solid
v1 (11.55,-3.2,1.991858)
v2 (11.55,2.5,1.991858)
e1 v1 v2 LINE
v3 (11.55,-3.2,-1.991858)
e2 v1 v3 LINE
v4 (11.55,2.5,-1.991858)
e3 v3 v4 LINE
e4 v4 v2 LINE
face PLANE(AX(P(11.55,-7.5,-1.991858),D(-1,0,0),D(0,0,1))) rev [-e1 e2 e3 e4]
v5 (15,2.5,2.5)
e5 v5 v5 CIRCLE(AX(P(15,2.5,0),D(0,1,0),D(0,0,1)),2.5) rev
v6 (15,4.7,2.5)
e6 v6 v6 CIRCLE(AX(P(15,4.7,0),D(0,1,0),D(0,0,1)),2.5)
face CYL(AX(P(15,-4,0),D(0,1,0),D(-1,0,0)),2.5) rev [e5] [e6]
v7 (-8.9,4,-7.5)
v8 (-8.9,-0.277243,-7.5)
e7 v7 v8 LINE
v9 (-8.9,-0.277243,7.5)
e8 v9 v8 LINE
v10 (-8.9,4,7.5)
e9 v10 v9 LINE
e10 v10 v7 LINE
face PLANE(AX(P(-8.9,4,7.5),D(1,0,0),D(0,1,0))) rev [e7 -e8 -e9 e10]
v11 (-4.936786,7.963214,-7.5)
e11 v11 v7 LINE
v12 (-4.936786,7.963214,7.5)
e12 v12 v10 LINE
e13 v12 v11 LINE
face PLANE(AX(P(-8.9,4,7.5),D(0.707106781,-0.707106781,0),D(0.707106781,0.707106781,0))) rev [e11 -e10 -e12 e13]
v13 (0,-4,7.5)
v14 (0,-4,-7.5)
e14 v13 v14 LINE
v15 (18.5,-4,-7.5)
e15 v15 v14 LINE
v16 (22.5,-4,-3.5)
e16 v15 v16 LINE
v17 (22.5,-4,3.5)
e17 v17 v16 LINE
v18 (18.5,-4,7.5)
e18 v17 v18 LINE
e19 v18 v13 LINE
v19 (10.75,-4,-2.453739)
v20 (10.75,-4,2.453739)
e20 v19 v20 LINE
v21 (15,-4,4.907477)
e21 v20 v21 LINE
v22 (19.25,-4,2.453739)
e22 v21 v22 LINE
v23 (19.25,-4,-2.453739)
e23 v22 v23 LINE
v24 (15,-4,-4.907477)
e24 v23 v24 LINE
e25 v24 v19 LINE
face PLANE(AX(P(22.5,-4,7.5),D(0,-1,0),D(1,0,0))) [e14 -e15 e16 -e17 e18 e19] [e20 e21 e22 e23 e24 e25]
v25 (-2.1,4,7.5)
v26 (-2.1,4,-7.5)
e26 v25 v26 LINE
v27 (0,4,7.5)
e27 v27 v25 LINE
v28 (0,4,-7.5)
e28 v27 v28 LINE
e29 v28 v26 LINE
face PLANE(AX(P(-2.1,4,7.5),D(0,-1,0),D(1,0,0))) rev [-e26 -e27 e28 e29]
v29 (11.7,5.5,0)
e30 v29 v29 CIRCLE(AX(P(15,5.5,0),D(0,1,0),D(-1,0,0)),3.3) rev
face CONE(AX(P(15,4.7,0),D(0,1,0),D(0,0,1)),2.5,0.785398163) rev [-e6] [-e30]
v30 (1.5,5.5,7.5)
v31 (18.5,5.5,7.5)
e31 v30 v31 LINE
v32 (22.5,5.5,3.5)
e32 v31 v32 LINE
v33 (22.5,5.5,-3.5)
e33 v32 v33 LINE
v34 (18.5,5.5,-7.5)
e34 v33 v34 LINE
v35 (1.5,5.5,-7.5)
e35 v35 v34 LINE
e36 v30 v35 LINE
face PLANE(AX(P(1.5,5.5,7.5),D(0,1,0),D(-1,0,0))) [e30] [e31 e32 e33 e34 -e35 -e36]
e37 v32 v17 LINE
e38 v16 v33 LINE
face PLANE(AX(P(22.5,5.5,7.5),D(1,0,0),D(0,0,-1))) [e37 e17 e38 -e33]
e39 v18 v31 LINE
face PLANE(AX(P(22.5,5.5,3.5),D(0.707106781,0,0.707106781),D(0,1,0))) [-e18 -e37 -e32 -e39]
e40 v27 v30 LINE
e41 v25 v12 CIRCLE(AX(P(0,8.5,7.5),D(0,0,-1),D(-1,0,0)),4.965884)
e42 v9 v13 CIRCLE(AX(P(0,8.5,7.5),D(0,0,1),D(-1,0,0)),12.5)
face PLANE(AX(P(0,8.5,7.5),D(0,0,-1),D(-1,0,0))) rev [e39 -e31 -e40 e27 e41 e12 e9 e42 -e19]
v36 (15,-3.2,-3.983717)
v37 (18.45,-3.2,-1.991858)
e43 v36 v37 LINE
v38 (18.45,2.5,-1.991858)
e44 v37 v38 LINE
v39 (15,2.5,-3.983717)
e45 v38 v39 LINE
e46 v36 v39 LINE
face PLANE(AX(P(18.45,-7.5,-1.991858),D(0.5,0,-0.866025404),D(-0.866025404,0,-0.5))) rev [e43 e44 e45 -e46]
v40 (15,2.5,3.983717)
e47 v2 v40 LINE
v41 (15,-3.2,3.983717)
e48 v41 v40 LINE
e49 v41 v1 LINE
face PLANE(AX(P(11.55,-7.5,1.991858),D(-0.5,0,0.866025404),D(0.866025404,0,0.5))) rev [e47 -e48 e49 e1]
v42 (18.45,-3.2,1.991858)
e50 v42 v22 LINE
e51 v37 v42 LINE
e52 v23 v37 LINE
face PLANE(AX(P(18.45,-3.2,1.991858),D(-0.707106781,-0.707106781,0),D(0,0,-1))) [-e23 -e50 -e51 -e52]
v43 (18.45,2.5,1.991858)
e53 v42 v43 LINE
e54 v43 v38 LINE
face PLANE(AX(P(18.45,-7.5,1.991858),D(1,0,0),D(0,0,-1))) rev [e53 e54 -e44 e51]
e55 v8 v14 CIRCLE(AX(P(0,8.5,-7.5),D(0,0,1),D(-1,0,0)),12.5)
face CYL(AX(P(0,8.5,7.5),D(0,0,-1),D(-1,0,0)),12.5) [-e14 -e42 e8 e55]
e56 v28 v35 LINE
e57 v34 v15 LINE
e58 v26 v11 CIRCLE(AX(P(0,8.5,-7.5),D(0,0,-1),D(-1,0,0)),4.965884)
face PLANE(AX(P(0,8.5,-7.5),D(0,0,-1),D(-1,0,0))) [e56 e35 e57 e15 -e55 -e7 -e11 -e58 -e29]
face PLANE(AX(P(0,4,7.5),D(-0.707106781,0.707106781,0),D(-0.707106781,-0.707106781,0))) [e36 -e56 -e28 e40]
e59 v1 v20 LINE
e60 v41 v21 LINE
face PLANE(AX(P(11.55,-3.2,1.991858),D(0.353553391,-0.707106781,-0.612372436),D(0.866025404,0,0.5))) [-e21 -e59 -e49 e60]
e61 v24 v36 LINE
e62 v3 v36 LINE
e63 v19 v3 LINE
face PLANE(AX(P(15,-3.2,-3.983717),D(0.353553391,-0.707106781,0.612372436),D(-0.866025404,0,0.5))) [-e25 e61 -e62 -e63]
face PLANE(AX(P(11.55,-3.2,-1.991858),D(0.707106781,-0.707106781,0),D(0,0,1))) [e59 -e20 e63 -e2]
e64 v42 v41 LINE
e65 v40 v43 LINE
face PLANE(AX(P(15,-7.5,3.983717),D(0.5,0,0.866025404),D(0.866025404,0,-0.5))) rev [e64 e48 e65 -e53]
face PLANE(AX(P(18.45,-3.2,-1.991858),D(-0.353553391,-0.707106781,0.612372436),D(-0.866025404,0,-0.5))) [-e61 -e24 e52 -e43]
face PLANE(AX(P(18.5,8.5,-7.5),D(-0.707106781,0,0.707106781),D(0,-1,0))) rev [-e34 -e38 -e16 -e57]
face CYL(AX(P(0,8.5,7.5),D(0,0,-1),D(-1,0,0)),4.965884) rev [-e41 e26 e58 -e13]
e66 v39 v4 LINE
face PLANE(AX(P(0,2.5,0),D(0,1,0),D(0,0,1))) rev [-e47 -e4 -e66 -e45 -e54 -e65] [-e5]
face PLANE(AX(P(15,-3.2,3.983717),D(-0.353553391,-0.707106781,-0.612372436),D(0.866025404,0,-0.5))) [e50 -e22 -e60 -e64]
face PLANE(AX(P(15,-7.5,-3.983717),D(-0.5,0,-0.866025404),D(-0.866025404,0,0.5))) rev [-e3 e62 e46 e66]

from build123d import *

# Parameters (mm, degrees)
SALIENTE_EXTRUIR1_DEPTH = 7.5
SALIENTE_EXTRUIR2_DEPTH = 15
CROQUIS7_R              = 2.5
CORTAR_EXTRUIR4_DEPTH   = 10.5
CORTAR_EXTRUIR5_START   = -3
CORTAR_EXTRUIR5_DEPTH   = 10
CHAFL_N4_SIZE           = 4
CHAFL_N5_SIZE           = 0.8


with BuildPart() as part:
    # Croquis1 → Saliente-Extruir1 (new body, symmetric)
    with BuildSketch(Plane.XY):
        with BuildLine():
            Line((-8.9, 4), (-4.936786437, 7.963213563))
            ThreePointArc((-4.936786437, 7.963213563), (-4.038051049, 5.609646436), (-2.1, 4))
            Line((-2.1, 4), (0, 4))
            Line((0, 4), (0, -4))
            ThreePointArc((0, -4), (-4.823611651, -3.031815583), (-8.9, -0.277243303))
            Line((-8.9, -0.277243303), (-8.9, 4))
        make_face()
    extrude(amount=SALIENTE_EXTRUIR1_DEPTH, both=True)

    # Croquis6 → Saliente-Extruir2 (add, through all)
    with BuildSketch(Plane(origin=(0, 0, -7.5), x_dir=(-1, 0, 0), z_dir=(0, 0, -1))):
        Polygon((0, 4), (-1.5, 5.5), (-22.5, 5.5), (-22.5, -4), (0, -4), align=None)
    extrude(amount=-SALIENTE_EXTRUIR2_DEPTH)

    # Croquis7 → Cortar-Extruir4 (cut, through all)
    with BuildSketch(Plane(origin=(0, 5.5, 0), x_dir=(1, 0, 0), z_dir=(0, 1, 0))):
        with Locations((15, 0)):
            Circle(CROQUIS7_R)
    extrude(amount=-CORTAR_EXTRUIR4_DEPTH, mode=Mode.SUBTRACT)

    # Croquis8 → Cortar-Extruir5 (cut)
    with BuildSketch(Plane(origin=(0, 5.5, 0), x_dir=(1, 0, 0), z_dir=(0, 1, 0)).offset(CORTAR_EXTRUIR5_START)):
        Polygon((15, 3.983716857), (11.55, 1.991858429), (11.55, -1.991858429), (15, -3.983716857), (18.45, -1.991858429), (18.45, 1.991858429), align=None)
    extrude(amount=-CORTAR_EXTRUIR5_DEPTH, mode=Mode.SUBTRACT)

    # Chaflán4
    chafl_n4_edges = [part.edges().sort_by_distance(p)[0] for p in [
        (22.5, 0.75, 7.5),
        (22.5, 0.75, -7.5),
    ]]
    chamfer(chafl_n4_edges, length=CHAFL_N4_SIZE)

    # Chaflán5
    chafl_n5_edges = [part.edges().sort_by_distance(p)[0] for p in [
        (12.5, 5.5, 0),
        (13.275, -4, -2.987787643),
        (11.55, -4, 0),
        (13.275, -4, 2.987787643),
        (16.725, -4, 2.987787643),
        (18.45, -4, 0),
        (16.725, -4, -2.987787643),
    ]]
    chamfer(chafl_n5_edges, length=CHAFL_N5_SIZE)


solid = part.part
